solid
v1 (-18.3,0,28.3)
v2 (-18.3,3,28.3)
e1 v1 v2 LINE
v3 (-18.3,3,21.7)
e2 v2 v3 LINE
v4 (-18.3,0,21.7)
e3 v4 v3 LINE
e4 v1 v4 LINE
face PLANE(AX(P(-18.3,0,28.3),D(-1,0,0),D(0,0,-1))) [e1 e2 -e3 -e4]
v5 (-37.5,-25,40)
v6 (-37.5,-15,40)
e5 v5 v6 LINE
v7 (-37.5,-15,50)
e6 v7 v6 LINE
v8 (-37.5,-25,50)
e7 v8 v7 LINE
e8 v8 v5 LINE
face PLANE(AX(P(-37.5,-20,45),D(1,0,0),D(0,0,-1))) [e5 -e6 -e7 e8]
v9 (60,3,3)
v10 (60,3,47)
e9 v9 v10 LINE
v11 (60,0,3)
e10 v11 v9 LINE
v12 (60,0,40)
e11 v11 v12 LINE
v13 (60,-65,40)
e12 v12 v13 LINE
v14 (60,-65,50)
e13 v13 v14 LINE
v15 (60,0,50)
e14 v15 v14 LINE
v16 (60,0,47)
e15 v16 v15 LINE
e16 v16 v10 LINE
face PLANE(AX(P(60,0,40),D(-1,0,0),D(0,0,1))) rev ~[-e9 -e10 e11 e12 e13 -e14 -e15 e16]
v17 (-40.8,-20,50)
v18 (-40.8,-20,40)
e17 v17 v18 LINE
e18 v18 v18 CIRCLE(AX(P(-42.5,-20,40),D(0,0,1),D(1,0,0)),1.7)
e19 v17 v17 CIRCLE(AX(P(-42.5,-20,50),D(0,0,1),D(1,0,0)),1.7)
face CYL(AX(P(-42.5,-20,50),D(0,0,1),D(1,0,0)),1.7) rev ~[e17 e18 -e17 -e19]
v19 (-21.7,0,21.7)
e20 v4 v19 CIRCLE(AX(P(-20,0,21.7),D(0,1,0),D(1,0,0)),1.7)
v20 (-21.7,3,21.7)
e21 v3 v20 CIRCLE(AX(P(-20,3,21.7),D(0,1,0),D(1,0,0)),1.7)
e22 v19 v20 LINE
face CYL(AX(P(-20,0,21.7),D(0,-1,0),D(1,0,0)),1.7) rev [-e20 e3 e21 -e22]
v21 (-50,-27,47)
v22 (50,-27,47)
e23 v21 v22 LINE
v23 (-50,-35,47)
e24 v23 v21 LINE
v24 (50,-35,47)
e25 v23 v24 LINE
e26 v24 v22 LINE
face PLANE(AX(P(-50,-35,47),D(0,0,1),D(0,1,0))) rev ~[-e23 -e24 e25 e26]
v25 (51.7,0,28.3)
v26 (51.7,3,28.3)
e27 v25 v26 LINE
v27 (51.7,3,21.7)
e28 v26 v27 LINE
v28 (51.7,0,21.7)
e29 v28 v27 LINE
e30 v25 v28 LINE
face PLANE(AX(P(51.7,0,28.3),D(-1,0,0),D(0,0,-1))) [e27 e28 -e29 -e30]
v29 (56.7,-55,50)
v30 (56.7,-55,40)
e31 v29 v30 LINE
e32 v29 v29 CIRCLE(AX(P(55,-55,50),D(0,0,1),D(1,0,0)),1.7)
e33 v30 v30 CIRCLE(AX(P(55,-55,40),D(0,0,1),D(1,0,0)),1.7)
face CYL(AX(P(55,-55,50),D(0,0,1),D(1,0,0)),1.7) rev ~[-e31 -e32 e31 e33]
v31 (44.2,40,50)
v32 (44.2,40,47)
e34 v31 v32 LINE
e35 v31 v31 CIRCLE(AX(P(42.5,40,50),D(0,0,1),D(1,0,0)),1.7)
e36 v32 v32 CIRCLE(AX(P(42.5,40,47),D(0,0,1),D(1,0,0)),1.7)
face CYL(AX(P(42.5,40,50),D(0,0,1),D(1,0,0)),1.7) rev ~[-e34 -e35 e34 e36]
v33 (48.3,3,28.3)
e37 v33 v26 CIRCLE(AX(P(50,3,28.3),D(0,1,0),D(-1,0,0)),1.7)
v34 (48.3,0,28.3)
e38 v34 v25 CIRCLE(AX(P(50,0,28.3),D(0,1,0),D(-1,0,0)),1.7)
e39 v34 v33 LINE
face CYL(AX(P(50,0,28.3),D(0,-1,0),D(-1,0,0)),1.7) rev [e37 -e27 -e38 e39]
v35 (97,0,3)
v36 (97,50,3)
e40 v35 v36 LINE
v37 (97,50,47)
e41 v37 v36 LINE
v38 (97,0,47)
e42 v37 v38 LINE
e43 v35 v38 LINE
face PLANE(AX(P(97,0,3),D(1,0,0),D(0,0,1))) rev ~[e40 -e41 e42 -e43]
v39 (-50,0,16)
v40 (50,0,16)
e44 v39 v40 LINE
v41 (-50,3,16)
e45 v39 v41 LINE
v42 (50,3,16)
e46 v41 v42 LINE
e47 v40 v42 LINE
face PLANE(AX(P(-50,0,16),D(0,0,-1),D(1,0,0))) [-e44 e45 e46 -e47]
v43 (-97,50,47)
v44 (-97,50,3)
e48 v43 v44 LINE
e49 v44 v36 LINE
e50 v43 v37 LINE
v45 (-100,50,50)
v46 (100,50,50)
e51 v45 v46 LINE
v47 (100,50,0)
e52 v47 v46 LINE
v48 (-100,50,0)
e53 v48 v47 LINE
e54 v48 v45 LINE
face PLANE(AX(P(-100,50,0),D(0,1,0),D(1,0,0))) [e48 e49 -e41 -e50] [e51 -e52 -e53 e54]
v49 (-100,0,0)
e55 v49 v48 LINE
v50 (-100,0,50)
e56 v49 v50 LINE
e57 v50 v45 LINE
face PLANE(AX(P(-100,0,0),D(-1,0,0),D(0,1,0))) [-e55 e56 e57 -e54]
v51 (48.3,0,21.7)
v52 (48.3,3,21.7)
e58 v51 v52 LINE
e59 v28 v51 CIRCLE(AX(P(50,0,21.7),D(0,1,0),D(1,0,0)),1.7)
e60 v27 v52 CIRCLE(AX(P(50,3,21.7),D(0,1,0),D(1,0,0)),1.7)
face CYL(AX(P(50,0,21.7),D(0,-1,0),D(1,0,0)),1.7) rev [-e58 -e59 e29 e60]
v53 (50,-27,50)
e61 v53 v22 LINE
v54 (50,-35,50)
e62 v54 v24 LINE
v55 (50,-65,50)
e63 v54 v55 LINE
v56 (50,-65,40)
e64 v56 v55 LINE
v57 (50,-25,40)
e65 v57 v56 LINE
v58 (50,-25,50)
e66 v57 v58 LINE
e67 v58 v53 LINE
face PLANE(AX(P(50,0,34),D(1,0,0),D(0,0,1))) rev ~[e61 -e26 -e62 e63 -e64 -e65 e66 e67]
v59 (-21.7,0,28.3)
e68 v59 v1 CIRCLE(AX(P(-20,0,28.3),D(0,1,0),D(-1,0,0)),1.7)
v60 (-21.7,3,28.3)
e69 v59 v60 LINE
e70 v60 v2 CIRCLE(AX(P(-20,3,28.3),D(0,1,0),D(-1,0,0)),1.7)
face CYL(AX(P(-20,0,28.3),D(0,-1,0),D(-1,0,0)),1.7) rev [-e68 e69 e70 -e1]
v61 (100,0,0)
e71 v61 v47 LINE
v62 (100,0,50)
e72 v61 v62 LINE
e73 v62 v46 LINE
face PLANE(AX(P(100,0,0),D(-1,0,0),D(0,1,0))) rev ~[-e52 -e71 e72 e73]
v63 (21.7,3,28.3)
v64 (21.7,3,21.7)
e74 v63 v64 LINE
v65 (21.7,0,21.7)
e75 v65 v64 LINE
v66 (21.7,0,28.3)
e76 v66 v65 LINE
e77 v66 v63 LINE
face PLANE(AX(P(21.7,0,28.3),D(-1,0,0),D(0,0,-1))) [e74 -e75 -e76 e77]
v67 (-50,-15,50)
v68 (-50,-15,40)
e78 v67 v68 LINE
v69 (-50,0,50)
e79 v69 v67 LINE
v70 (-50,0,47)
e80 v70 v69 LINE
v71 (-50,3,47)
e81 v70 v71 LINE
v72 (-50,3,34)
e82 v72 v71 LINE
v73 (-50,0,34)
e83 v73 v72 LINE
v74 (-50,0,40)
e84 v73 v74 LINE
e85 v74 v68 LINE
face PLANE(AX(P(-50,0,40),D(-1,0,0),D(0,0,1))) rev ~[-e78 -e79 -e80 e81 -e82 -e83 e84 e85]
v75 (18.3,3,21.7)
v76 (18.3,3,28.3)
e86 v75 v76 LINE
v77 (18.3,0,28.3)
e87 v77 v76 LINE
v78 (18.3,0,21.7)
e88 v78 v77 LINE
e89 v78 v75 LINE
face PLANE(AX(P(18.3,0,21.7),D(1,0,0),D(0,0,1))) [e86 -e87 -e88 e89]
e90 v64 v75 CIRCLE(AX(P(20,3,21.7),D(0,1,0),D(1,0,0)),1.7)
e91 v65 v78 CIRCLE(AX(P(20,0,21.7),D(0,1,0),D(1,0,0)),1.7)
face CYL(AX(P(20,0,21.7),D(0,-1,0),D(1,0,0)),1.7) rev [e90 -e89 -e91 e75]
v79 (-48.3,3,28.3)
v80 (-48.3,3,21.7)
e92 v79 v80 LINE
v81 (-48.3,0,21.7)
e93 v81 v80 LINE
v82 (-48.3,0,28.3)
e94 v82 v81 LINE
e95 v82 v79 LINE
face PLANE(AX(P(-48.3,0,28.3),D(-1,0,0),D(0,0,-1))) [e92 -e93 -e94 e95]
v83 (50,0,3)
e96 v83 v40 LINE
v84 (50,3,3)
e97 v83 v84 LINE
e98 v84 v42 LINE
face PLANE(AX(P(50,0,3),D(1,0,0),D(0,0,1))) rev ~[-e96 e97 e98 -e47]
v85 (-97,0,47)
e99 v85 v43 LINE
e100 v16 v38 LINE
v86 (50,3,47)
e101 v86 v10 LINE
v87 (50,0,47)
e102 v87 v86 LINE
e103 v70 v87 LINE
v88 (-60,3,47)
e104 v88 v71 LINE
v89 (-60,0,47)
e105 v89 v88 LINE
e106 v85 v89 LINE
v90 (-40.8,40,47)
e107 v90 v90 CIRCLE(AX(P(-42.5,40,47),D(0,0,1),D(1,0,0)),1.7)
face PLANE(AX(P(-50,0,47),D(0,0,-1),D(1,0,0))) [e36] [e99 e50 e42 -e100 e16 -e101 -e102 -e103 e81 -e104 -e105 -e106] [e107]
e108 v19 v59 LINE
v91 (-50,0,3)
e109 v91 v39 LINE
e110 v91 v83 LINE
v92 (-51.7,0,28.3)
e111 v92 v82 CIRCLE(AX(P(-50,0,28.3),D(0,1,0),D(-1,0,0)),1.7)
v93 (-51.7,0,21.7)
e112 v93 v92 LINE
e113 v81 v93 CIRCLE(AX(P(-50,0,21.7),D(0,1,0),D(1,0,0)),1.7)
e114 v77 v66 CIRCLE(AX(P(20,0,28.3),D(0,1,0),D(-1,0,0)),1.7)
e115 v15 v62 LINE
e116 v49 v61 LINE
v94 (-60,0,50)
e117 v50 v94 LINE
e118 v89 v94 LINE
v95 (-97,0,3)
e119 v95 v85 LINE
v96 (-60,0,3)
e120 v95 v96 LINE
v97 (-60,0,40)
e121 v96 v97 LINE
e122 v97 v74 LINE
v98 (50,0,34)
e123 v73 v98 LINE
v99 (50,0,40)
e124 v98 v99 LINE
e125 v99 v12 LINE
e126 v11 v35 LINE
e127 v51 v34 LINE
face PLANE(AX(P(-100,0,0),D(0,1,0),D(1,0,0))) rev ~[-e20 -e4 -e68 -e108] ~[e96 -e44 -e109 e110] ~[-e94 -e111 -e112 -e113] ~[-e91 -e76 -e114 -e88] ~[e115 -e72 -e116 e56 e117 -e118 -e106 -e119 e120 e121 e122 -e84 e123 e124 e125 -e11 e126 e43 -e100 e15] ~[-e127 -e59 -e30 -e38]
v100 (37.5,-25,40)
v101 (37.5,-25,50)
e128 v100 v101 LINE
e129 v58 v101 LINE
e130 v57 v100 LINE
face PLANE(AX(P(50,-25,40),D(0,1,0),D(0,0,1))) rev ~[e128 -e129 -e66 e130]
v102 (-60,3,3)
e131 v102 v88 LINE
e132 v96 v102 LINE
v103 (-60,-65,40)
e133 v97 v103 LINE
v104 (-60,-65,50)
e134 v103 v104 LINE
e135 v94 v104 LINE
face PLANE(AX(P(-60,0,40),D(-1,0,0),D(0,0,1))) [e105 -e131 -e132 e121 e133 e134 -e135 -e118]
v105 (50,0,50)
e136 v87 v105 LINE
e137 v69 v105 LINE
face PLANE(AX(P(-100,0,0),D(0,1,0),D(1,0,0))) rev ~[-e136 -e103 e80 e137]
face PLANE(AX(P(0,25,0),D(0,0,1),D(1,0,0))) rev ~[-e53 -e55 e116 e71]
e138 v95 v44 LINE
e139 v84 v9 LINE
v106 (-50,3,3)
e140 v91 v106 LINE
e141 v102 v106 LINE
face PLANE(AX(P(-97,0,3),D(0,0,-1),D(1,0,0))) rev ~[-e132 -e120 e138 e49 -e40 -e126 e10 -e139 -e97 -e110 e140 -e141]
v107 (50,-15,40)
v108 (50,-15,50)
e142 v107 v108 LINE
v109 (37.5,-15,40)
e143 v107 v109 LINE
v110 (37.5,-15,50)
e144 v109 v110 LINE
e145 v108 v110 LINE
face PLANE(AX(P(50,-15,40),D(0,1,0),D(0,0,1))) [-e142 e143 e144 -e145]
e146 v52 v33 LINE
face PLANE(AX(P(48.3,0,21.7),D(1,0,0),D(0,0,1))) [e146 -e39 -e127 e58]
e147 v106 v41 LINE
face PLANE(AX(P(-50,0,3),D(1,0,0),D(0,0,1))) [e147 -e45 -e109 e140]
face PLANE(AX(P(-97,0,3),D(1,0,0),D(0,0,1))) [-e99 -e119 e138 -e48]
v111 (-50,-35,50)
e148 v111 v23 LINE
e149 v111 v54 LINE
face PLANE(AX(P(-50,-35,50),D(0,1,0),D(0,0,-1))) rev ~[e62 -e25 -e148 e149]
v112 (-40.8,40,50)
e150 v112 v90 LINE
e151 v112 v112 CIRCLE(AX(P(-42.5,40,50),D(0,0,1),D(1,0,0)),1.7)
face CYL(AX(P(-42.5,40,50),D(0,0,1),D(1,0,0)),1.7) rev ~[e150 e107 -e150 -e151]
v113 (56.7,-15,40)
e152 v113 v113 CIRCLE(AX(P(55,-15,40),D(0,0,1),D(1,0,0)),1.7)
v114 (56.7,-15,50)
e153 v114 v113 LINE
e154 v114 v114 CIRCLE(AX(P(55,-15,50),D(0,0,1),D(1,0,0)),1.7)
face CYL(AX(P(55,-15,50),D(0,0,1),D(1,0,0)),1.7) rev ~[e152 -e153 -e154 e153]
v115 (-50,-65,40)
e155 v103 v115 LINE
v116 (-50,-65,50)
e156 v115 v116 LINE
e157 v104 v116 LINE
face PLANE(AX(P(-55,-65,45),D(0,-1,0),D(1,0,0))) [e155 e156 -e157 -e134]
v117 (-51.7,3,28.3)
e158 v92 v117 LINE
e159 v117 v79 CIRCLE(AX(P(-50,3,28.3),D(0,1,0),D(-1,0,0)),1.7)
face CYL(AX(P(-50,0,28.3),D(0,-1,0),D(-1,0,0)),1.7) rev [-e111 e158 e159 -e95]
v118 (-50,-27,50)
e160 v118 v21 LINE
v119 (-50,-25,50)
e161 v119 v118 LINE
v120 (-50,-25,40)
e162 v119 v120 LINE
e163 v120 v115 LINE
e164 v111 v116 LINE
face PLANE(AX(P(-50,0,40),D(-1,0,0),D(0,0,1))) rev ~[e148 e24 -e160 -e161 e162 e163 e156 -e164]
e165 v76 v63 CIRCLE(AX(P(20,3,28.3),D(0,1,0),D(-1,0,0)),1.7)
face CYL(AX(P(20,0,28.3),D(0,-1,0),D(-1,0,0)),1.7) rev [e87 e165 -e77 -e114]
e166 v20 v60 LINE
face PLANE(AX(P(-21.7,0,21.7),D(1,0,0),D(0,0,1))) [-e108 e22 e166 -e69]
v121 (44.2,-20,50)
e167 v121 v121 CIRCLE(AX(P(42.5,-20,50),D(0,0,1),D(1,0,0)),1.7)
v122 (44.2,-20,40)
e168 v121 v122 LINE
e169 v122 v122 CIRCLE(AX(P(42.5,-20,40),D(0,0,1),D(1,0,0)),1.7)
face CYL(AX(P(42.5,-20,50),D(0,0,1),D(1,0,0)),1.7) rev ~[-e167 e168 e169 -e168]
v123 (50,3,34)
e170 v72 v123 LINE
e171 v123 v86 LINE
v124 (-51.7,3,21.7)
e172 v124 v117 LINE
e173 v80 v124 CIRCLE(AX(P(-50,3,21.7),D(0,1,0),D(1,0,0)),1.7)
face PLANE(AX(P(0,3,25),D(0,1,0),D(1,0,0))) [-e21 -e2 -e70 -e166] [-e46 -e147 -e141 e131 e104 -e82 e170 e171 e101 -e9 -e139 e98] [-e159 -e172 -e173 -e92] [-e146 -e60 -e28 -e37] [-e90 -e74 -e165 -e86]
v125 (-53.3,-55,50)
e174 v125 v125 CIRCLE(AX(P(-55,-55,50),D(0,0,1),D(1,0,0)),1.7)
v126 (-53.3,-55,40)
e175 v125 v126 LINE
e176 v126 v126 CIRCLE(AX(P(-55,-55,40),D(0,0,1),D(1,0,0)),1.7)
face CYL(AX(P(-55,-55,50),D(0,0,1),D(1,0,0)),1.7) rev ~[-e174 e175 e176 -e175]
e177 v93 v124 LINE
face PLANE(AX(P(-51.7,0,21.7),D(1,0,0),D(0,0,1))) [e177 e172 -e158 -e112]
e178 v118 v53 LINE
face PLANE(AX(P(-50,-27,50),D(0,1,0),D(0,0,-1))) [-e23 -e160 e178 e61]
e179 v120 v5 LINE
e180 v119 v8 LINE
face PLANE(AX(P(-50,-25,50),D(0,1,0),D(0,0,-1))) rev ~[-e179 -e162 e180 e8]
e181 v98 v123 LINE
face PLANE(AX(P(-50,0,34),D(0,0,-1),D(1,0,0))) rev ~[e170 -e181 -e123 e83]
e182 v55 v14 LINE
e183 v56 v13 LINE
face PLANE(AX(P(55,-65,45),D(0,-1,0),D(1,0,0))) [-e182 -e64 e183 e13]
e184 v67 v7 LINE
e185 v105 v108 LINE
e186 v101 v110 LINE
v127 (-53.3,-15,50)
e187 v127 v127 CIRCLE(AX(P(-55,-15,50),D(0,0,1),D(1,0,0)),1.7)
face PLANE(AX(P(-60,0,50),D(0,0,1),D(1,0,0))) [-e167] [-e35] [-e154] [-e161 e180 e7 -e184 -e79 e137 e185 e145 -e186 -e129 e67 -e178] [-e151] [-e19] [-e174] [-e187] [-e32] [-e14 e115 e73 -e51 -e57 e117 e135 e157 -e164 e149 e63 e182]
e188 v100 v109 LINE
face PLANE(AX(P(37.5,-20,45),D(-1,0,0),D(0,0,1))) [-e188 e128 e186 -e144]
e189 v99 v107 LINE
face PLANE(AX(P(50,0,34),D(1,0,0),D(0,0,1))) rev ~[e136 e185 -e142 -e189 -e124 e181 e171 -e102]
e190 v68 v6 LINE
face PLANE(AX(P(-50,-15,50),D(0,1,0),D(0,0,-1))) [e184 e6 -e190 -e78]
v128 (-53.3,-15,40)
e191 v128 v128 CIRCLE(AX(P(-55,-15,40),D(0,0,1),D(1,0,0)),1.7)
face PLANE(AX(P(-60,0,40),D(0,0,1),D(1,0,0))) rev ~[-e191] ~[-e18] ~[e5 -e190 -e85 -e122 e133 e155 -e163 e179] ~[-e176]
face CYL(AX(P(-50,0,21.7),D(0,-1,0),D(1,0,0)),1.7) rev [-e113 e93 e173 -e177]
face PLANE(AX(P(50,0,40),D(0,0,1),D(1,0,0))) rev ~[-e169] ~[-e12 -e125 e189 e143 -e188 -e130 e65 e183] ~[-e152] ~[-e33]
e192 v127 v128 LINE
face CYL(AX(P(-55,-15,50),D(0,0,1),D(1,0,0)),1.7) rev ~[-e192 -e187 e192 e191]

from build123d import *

# Parameters (mm, degrees)
BOX_FOOTPRINT_200_X_50_MM_W                      = 200
BOX_FOOTPRINT_200_X_50_MM_H                      = 50
BOX_HEIGHT_50_MM_DEPTH                           = 50
REAR_OPENING_194_X_44_MM_W                       = 194
REAR_OPENING_194_X_44_MM_H                       = 44
REAR_CAVITY_WALL_3_MM_DEPTH                      = 47
CHASSIS_FACE_OPENINGS_AND_MOUNTING_CROSS_W       = 37
CHASSIS_FACE_OPENINGS_AND_MOUNTING_CROSS_H       = 44
CHASSIS_FACE_OPENINGS_AND_MOUNTING_CROSS_W_2     = 100
CHASSIS_FACE_OPENINGS_AND_MOUNTING_CROSS_H_2     = 13
OPEN_FRONT_MOUNTING_FRAME_DEPTH                  = 3
PHOTO_RAILS_10_X_10_PITCH_110_PROVISIONA_W       = 10
PHOTO_RAILS_10_X_10_PITCH_110_PROVISIONA_H       = 10
TWO_FORWARD_RAILS_65_MM_PROVISIONAL_DEPTH        = 65
LEFT_INWARD_PCB_MOUNTING_EAR_W                   = 10
LEFT_INWARD_PCB_MOUNTING_EAR_H                   = 10
LEFT_PCB_EAR_12_5_MM_DEPTH                       = 12.5
RIGHT_INWARD_PCB_MOUNTING_EAR_W                  = 10
RIGHT_INWARD_PCB_MOUNTING_EAR_H                  = 10
RIGHT_PCB_EAR_12_5_MM_DEPTH                      = 12.5
OPEN_FRAME_TRANSVERSE_BRACE_8_X_3_MM_W           = 3
OPEN_FRAME_TRANSVERSE_BRACE_8_X_3_MM_H           = 8
TRANSVERSE_FRAME_BRACE_DEPTH                     = 100
F_4X_VERTICAL_SLOTS_3_4_X_10_MM_DEPTH            = 3
PCB_REAR_HOLES_PITCH_85_MM_R                     = 1.7
PCB_ROOF_HOLES_DIAMETER_3_4_MM_DEPTH             = 3
PCB_FRONT_HOLES_ROW_SPACING_60_MM_R              = 1.7
PCB_EAR_HOLES_DIAMETER_3_4_MM_DEPTH              = 10
CHASSIS_TOP_HOLES_110_X_40_PROVISIONAL_R         = 1.7
F_4X_RAIL_HOLES_THROUGH_UPPER_AND_LOWER_FA_DEPTH = 10


with BuildPart() as part:
    # Box footprint 200 x 50 mm → Box height 50 mm (new body)
    with BuildSketch(Plane.XY):
        with Locations((0, 25)):
            Rectangle(BOX_FOOTPRINT_200_X_50_MM_W, BOX_FOOTPRINT_200_X_50_MM_H)
    extrude(amount=BOX_HEIGHT_50_MM_DEPTH)

    # Rear opening 194 x 44 mm → Rear cavity wall 3 mm (cut)
    with BuildSketch(Plane(origin=(0, 50, 0), x_dir=(1, 0, 0), z_dir=(0, 1, 0))):
        with Locations((0, -25)):
            Rectangle(REAR_OPENING_194_X_44_MM_W, REAR_OPENING_194_X_44_MM_H)
    extrude(amount=-REAR_CAVITY_WALL_3_MM_DEPTH, mode=Mode.SUBTRACT)

    # Chassis face openings and mounting crossbar → Open front mounting frame (cut)
    with BuildSketch(Plane.XZ):
        with Locations((-78.5, 25)):
            Rectangle(CHASSIS_FACE_OPENINGS_AND_MOUNTING_CROSS_W, CHASSIS_FACE_OPENINGS_AND_MOUNTING_CROSS_H)
        with Locations((78.5, 25)):
            Rectangle(CHASSIS_FACE_OPENINGS_AND_MOUNTING_CROSS_W, CHASSIS_FACE_OPENINGS_AND_MOUNTING_CROSS_H)
        with Locations((0, 9.5)):
            Rectangle(CHASSIS_FACE_OPENINGS_AND_MOUNTING_CROSS_W_2, CHASSIS_FACE_OPENINGS_AND_MOUNTING_CROSS_H_2)
        with Locations((0, 40.5)):
            Rectangle(CHASSIS_FACE_OPENINGS_AND_MOUNTING_CROSS_W_2, CHASSIS_FACE_OPENINGS_AND_MOUNTING_CROSS_H_2)
    extrude(amount=-OPEN_FRONT_MOUNTING_FRAME_DEPTH, mode=Mode.SUBTRACT)

    # Photo rails 10 x 10 pitch 110 provisional → Two forward rails 65 mm provisional (add)
    with BuildSketch(Plane.XZ):
        with Locations((-55, 45)):
            Rectangle(PHOTO_RAILS_10_X_10_PITCH_110_PROVISIONA_W, PHOTO_RAILS_10_X_10_PITCH_110_PROVISIONA_H)
        with Locations((55, 45)):
            Rectangle(PHOTO_RAILS_10_X_10_PITCH_110_PROVISIONA_W, PHOTO_RAILS_10_X_10_PITCH_110_PROVISIONA_H)
    extrude(amount=TWO_FORWARD_RAILS_65_MM_PROVISIONAL_DEPTH)

    # Left inward PCB mounting ear → Left PCB ear 12.5 mm (add)
    with BuildSketch(Plane(origin=(-50, 0, 0), x_dir=(0, 0, -1), z_dir=(1, 0, 0))):
        with Locations((-45, -20)):
            Rectangle(LEFT_INWARD_PCB_MOUNTING_EAR_W, LEFT_INWARD_PCB_MOUNTING_EAR_H)
    extrude(amount=LEFT_PCB_EAR_12_5_MM_DEPTH)

    # Right inward PCB mounting ear → Right PCB ear 12.5 mm (add)
    with BuildSketch(Plane.ZY.offset(-50)):
        with Locations((45, -20)):
            Rectangle(RIGHT_INWARD_PCB_MOUNTING_EAR_W, RIGHT_INWARD_PCB_MOUNTING_EAR_H)
    extrude(amount=RIGHT_PCB_EAR_12_5_MM_DEPTH)

    # Open frame transverse brace 8 x 3 mm → Transverse frame brace (add)
    with BuildSketch(Plane(origin=(-50, 0, 0), x_dir=(0, 0, -1), z_dir=(1, 0, 0))):
        with Locations((-48.5, -31)):
            Rectangle(OPEN_FRAME_TRANSVERSE_BRACE_8_X_3_MM_W, OPEN_FRAME_TRANSVERSE_BRACE_8_X_3_MM_H)
    extrude(amount=TRANSVERSE_FRAME_BRACE_DEPTH)

    # Chassis slot centers -50 -20 20 50 mm → 4x vertical slots 3.4 x 10 mm (cut)
    with BuildSketch(Plane.XZ):
        with BuildLine():
            Line((-51.7, 21.7), (-51.7, 28.3))
            ThreePointArc((-51.7, 28.3), (-50, 30), (-48.3, 28.3))
            Line((-48.3, 28.3), (-48.3, 21.7))
            ThreePointArc((-48.3, 21.7), (-50, 20), (-51.7, 21.7))
        make_face()
        with BuildLine():
            Line((-21.7, 21.7), (-21.7, 28.3))
            ThreePointArc((-21.7, 28.3), (-20, 30), (-18.3, 28.3))
            Line((-18.3, 28.3), (-18.3, 21.7))
            ThreePointArc((-18.3, 21.7), (-20, 20), (-21.7, 21.7))
        make_face()
        with BuildLine():
            Line((18.3, 21.7), (18.3, 28.3))
            ThreePointArc((18.3, 28.3), (20, 30), (21.7, 28.3))
            Line((21.7, 28.3), (21.7, 21.7))
            ThreePointArc((21.7, 21.7), (20, 20), (18.3, 21.7))
        make_face()
        with BuildLine():
            Line((48.3, 21.7), (48.3, 28.3))
            ThreePointArc((48.3, 28.3), (50, 30), (51.7, 28.3))
            Line((51.7, 28.3), (51.7, 21.7))
            ThreePointArc((51.7, 21.7), (50, 20), (48.3, 21.7))
        make_face()
    extrude(amount=-F_4X_VERTICAL_SLOTS_3_4_X_10_MM_DEPTH, mode=Mode.SUBTRACT)

    # PCB rear holes pitch 85 mm → PCB roof holes diameter 3.4 mm (cut)
    with BuildSketch(Plane.XY.offset(50)):
        with Locations((-42.5, 40)):
            Circle(PCB_REAR_HOLES_PITCH_85_MM_R)
        with Locations((42.5, 40)):
            Circle(PCB_REAR_HOLES_PITCH_85_MM_R)
    extrude(amount=-PCB_ROOF_HOLES_DIAMETER_3_4_MM_DEPTH, mode=Mode.SUBTRACT)

    # PCB front holes row spacing 60 mm → PCB ear holes diameter 3.4 mm (cut)
    with BuildSketch(Plane.XY.offset(50)):
        with Locations((-42.5, -20)):
            Circle(PCB_FRONT_HOLES_ROW_SPACING_60_MM_R)
        with Locations((42.5, -20)):
            Circle(PCB_FRONT_HOLES_ROW_SPACING_60_MM_R)
    extrude(amount=-PCB_EAR_HOLES_DIAMETER_3_4_MM_DEPTH, mode=Mode.SUBTRACT)

    # Chassis top holes 110 x 40 provisional → 4x rail holes through upper and lower faces (cut)
    with BuildSketch(Plane.XY.offset(50)):
        with Locations((-55, -55)):
            Circle(CHASSIS_TOP_HOLES_110_X_40_PROVISIONAL_R)
        with Locations((-55, -15)):
            Circle(CHASSIS_TOP_HOLES_110_X_40_PROVISIONAL_R)
        with Locations((55, -55)):
            Circle(CHASSIS_TOP_HOLES_110_X_40_PROVISIONAL_R)
        with Locations((55, -15)):
            Circle(CHASSIS_TOP_HOLES_110_X_40_PROVISIONAL_R)
    extrude(amount=-F_4X_RAIL_HOLES_THROUGH_UPPER_AND_LOWER_FA_DEPTH, mode=Mode.SUBTRACT)


solid = part.part
